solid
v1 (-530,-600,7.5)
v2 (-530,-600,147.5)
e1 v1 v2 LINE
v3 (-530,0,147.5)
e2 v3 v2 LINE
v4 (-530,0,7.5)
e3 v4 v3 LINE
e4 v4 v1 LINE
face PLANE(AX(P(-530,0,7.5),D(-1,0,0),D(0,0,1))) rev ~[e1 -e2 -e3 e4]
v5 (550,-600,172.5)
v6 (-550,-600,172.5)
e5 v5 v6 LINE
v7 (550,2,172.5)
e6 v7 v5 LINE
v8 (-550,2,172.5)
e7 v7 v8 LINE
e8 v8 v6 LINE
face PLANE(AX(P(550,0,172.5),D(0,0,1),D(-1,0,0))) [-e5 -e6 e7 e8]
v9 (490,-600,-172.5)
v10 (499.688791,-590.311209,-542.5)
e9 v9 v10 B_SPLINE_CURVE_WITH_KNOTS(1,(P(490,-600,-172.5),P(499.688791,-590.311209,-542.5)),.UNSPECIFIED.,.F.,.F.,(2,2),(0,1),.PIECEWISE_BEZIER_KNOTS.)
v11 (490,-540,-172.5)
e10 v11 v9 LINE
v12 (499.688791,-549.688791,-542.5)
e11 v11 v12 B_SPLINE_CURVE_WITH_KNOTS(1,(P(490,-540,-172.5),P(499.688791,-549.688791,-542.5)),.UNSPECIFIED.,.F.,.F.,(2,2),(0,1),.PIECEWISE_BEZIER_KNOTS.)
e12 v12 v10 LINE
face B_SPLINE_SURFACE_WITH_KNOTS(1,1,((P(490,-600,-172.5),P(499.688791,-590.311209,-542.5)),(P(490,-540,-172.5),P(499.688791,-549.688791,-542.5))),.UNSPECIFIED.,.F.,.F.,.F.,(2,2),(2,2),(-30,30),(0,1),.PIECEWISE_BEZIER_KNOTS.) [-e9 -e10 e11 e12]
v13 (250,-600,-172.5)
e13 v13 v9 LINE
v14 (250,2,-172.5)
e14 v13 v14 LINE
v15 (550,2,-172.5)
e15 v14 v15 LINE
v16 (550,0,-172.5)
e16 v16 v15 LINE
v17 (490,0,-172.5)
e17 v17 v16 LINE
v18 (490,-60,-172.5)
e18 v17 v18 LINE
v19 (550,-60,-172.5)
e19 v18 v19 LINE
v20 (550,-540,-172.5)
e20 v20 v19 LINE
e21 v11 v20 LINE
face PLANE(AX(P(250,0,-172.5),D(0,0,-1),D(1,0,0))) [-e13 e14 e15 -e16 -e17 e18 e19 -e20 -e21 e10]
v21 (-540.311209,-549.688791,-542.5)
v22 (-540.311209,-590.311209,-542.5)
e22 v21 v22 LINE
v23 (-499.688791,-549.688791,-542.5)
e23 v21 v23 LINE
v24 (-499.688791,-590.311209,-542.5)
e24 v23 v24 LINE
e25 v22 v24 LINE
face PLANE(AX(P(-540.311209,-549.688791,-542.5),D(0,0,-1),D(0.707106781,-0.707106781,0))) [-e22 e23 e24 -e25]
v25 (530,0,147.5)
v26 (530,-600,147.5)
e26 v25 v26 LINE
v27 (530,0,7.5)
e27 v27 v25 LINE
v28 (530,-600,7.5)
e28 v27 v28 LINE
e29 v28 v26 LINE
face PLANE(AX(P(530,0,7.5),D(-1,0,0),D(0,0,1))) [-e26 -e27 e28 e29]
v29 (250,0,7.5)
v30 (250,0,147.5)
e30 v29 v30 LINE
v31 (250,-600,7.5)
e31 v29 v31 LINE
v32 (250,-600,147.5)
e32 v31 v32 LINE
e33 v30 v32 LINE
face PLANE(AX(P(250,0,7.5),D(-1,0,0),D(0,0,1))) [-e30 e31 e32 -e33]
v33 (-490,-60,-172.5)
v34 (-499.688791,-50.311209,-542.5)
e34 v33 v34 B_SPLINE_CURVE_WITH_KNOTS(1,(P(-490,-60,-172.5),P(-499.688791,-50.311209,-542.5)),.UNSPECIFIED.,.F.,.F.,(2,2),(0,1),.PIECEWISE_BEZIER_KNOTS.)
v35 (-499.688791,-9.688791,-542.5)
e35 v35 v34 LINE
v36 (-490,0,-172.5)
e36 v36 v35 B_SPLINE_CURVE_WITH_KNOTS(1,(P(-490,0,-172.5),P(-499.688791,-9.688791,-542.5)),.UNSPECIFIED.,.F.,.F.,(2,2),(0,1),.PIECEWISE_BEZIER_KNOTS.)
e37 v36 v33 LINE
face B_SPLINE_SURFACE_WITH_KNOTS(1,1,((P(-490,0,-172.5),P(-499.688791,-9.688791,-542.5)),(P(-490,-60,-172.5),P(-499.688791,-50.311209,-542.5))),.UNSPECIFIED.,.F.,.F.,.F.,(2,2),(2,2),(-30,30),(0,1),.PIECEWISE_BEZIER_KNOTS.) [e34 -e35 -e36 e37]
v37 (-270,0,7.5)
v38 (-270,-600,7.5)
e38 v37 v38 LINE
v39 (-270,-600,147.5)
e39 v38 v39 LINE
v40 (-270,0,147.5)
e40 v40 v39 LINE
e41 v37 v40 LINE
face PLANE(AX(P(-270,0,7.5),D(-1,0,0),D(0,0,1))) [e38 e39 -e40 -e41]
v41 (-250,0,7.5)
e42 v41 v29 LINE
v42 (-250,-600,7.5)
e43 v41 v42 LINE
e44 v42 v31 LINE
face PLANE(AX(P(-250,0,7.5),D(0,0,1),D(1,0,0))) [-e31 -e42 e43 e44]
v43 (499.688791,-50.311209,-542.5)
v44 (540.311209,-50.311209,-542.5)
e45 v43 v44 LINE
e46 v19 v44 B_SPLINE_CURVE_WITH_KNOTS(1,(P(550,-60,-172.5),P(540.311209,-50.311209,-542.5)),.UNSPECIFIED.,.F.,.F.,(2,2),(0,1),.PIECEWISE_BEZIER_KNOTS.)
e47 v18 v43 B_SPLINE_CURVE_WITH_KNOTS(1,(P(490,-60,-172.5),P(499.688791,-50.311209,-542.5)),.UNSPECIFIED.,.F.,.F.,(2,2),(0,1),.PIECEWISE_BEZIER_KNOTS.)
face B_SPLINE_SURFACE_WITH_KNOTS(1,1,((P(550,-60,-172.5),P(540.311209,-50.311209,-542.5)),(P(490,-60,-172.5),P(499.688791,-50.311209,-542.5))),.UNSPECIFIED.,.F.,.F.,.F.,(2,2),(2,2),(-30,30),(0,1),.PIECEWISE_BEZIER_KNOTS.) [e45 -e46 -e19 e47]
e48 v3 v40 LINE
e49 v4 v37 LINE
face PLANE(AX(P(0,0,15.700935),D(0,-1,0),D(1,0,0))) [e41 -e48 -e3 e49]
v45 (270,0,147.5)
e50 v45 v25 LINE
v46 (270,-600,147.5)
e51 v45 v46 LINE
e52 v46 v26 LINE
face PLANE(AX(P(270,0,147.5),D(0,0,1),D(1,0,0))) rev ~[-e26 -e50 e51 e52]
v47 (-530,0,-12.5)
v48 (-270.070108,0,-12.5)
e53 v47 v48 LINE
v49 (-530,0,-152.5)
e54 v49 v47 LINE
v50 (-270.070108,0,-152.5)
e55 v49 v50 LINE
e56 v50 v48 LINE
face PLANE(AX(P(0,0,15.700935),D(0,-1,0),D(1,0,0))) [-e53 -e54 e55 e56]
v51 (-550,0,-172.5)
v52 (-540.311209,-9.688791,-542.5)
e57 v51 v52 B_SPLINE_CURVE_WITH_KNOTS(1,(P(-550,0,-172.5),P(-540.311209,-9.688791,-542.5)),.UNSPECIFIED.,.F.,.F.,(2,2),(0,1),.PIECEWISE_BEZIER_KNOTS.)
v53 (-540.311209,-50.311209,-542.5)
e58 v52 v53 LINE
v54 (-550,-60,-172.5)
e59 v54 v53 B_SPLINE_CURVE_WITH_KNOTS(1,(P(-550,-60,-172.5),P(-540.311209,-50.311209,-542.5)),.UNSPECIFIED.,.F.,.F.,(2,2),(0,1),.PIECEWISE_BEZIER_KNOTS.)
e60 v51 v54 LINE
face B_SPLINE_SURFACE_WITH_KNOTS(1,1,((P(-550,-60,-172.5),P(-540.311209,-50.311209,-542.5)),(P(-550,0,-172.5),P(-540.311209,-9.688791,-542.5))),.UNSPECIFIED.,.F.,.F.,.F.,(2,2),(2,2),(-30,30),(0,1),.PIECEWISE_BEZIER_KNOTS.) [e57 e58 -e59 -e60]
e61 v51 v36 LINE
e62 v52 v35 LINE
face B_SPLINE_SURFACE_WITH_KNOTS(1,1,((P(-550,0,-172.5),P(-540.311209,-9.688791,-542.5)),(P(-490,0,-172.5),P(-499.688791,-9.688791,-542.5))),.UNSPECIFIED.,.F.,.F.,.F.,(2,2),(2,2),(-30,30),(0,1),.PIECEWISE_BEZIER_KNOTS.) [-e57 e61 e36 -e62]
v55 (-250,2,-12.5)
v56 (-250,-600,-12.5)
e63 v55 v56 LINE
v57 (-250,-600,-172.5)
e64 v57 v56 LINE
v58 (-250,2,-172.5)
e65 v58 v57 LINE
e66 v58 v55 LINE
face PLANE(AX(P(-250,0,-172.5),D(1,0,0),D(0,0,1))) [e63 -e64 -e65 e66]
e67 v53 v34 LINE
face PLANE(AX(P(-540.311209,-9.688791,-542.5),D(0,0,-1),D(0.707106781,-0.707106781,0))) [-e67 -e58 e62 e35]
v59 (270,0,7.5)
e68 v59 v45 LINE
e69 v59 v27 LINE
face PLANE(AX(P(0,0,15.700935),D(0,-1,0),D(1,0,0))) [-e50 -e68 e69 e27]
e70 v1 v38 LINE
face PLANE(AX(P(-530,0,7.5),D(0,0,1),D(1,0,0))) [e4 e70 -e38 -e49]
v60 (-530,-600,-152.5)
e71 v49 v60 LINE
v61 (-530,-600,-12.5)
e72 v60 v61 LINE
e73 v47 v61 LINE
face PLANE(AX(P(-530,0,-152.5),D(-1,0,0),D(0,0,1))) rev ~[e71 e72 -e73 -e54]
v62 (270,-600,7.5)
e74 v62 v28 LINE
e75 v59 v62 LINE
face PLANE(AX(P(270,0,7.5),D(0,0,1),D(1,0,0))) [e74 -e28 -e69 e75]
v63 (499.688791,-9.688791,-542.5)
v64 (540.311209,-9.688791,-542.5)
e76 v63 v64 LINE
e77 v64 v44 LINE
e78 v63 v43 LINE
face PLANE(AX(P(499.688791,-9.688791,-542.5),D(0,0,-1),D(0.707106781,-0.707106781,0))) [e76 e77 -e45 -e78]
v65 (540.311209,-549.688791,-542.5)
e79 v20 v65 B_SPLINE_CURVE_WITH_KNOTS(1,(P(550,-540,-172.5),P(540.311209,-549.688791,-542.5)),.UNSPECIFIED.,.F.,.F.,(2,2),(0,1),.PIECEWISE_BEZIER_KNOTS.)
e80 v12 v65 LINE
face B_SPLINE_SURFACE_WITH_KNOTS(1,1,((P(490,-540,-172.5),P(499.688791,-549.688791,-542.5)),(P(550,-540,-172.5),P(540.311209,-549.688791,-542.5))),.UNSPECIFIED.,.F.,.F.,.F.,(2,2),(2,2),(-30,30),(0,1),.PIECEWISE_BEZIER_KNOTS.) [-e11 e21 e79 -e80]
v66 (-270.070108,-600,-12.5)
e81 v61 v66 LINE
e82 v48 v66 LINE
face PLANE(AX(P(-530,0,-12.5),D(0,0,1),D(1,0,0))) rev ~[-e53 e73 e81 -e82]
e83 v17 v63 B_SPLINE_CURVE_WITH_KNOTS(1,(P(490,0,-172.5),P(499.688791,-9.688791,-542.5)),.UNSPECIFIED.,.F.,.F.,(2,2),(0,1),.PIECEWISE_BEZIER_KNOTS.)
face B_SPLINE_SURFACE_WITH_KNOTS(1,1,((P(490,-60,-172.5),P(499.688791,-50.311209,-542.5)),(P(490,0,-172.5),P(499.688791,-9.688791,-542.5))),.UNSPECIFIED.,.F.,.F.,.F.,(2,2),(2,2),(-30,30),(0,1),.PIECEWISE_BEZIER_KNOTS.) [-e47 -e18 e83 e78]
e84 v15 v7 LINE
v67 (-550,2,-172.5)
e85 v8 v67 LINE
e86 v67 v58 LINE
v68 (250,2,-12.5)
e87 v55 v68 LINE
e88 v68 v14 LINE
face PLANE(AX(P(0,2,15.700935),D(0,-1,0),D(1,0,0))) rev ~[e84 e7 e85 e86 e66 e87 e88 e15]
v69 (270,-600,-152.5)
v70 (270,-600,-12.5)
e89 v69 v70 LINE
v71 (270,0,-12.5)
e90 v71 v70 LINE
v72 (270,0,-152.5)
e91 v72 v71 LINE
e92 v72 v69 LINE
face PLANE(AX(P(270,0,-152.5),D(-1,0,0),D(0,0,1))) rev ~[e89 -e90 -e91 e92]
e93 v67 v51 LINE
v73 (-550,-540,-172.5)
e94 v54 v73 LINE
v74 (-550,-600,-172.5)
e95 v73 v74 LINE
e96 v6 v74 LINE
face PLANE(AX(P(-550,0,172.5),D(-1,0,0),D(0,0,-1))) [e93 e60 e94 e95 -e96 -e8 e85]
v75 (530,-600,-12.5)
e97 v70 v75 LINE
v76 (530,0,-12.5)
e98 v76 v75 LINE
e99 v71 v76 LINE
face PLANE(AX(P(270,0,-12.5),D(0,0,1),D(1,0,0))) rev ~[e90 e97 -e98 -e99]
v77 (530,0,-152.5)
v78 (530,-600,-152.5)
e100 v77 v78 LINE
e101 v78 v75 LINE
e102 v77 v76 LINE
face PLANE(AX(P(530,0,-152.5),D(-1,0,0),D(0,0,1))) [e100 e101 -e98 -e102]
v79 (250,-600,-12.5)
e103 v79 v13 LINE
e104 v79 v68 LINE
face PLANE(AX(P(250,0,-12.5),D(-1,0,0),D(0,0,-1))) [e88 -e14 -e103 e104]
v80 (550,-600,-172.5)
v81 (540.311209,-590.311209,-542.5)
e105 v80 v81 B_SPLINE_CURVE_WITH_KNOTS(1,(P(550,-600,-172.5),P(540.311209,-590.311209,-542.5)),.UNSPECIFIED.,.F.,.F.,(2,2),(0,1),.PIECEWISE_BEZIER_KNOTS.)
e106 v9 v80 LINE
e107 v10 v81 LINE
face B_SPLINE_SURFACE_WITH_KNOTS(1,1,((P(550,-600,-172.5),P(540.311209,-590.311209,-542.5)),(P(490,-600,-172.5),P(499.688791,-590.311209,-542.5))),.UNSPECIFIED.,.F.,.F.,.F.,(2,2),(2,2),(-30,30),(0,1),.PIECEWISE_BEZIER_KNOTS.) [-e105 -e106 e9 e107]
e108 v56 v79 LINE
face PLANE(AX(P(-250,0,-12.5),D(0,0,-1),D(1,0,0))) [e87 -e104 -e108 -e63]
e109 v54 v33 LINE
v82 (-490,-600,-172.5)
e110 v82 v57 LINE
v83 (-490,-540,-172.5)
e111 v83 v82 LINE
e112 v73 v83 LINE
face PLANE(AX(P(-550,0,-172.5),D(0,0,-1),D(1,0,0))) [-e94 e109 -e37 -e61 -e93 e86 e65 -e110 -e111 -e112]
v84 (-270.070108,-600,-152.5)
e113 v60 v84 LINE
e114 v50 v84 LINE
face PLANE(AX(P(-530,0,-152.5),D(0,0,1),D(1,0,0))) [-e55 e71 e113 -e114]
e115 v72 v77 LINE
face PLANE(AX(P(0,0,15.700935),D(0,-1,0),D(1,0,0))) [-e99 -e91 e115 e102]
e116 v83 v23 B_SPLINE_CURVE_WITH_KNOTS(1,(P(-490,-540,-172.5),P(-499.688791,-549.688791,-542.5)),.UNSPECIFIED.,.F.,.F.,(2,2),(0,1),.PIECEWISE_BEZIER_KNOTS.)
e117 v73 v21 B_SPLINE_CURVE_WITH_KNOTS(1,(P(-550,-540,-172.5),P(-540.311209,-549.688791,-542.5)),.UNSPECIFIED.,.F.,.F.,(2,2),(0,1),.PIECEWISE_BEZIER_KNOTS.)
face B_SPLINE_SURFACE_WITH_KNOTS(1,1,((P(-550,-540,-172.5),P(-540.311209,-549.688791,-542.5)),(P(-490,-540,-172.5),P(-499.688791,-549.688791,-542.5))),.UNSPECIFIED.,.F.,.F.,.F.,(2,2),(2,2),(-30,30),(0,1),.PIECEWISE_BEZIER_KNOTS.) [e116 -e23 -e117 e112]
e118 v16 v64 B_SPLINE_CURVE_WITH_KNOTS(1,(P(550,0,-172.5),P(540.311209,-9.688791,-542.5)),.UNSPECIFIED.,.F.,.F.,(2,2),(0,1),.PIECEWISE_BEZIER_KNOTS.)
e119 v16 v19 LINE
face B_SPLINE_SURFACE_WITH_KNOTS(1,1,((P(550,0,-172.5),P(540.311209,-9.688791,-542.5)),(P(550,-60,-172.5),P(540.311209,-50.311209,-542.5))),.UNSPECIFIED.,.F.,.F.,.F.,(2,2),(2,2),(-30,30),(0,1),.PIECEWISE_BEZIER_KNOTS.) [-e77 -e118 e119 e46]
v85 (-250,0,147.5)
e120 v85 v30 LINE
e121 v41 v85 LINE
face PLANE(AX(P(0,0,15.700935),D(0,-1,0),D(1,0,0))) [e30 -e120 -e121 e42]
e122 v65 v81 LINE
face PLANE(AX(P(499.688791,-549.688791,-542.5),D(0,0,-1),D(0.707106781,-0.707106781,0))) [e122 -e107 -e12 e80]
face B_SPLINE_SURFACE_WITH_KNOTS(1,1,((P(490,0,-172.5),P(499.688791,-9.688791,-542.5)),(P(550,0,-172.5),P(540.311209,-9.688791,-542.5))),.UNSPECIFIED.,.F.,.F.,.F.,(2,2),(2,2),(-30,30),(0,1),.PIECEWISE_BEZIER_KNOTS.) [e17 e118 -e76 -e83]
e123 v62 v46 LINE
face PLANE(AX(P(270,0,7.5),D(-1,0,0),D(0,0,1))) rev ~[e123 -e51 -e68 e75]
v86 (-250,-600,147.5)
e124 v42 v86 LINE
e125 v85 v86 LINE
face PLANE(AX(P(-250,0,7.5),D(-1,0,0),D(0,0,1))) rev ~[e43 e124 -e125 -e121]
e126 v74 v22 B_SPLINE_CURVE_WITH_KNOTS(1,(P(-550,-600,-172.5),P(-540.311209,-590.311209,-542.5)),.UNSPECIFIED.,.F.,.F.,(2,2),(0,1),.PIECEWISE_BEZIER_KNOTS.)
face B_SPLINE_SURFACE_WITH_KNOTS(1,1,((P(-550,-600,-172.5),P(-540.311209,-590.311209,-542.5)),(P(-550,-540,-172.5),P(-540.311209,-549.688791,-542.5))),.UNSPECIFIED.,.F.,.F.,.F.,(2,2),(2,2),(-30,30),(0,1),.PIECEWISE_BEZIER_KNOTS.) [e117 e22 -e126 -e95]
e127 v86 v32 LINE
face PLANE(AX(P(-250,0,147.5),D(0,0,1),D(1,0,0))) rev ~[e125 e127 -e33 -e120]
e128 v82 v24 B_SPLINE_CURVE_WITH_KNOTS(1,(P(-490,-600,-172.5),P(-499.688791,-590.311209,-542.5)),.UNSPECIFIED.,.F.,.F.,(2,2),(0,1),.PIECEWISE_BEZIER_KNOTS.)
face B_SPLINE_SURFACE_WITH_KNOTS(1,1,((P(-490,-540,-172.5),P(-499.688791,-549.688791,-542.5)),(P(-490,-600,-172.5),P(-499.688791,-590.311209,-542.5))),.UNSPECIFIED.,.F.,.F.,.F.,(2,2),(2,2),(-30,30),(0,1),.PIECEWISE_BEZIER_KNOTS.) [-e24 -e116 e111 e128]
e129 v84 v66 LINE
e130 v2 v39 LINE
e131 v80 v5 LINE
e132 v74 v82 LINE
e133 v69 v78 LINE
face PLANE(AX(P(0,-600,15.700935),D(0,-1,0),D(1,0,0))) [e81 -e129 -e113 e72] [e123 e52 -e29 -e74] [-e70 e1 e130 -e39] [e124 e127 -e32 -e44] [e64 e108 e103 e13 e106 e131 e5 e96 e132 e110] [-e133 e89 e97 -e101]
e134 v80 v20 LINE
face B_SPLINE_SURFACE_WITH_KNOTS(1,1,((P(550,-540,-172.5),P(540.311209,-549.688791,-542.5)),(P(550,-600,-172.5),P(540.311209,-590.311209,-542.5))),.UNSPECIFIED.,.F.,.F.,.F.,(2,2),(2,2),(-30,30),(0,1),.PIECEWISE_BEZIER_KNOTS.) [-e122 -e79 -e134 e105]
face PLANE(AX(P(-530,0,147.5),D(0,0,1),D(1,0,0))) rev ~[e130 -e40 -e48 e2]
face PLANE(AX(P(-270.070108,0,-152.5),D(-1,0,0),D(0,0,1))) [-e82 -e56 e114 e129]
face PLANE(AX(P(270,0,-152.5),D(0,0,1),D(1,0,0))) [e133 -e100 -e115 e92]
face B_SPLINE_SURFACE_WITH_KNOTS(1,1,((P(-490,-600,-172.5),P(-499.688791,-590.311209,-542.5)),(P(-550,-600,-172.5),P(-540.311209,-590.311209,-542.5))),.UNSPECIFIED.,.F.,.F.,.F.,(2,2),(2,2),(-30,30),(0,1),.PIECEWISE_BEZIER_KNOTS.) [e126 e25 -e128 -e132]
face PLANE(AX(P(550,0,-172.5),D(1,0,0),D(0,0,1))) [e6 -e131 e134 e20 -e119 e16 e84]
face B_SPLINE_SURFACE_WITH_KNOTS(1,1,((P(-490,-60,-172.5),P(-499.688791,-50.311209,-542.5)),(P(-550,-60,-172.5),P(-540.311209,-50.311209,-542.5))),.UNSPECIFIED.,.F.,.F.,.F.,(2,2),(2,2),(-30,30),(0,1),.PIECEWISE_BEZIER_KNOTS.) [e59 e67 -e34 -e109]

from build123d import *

# Parameters (mm, degrees)
F0_W     = 259.929892
F0_H     = 140
F0_W_2   = 260
F0_W_3   = 500
F2_DEPTH = 600
F3_DEPTH = 2
F4_W     = 60
F4_H     = 60
F5_W     = 60
F5_H     = 60
F6_DEPTH = 370
F6_TAPER = 1.5


with BuildPart() as f2:
    # F0 (on Front) → F2 (new body)
    with BuildSketch(Plane.XZ):
        Polygon((550, 172.5), (-550, 172.5), (-550, -172.5), (-500.11901, -172.5), (-250, -172.5), (-250, -12.5), (250, -12.5), (250, -172.5), (490, -172.5), (550, -172.5), align=None)
        with Locations((-400.035054, -82.5)):
            Rectangle(F0_W, F0_H, mode=Mode.SUBTRACT)
        with Locations((400, -82.5)):
            Rectangle(F0_W_2, F0_H, mode=Mode.SUBTRACT)
        with Locations((-400, 77.5)):
            Rectangle(F0_W_2, F0_H, mode=Mode.SUBTRACT)
        with Locations((0, 77.5)):
            Rectangle(F0_W_3, F0_H, mode=Mode.SUBTRACT)
        with Locations((400, 77.5)):
            Rectangle(F0_W_2, F0_H, mode=Mode.SUBTRACT)
    extrude(amount=F2_DEPTH)

    # F1 (on Front) → F3 (join)
    with BuildSketch(Plane.XZ):
        Polygon((550, -172.5), (550, 172.5), (-550, 172.5), (-550, -172.5), (-250, -172.5), (-250, -12.5), (250, -12.5), (250, -172.5), align=None)
    extrude(amount=-F3_DEPTH)

    # F4 (on face) + F5 (on face) → F6 (join)
    with BuildSketch(Plane(origin=(0, 0, -172.5), x_dir=(1, 0, 0), z_dir=(0, 0, -1))):
        with Locations((-520, 570)):
            Rectangle(F4_W, F4_H)
        with Locations((-520, 30)):
            Rectangle(F4_W, F4_H)
    with BuildSketch(Plane(origin=(0, 0, -172.5), x_dir=(1, 0, 0), z_dir=(0, 0, -1))):
        with Locations((520, 570)):
            Rectangle(F5_W, F5_H)
        with Locations((520, 30)):
            Rectangle(F5_W, F5_H)
    extrude(amount=F6_DEPTH, taper=F6_TAPER)


solid = f2.part
